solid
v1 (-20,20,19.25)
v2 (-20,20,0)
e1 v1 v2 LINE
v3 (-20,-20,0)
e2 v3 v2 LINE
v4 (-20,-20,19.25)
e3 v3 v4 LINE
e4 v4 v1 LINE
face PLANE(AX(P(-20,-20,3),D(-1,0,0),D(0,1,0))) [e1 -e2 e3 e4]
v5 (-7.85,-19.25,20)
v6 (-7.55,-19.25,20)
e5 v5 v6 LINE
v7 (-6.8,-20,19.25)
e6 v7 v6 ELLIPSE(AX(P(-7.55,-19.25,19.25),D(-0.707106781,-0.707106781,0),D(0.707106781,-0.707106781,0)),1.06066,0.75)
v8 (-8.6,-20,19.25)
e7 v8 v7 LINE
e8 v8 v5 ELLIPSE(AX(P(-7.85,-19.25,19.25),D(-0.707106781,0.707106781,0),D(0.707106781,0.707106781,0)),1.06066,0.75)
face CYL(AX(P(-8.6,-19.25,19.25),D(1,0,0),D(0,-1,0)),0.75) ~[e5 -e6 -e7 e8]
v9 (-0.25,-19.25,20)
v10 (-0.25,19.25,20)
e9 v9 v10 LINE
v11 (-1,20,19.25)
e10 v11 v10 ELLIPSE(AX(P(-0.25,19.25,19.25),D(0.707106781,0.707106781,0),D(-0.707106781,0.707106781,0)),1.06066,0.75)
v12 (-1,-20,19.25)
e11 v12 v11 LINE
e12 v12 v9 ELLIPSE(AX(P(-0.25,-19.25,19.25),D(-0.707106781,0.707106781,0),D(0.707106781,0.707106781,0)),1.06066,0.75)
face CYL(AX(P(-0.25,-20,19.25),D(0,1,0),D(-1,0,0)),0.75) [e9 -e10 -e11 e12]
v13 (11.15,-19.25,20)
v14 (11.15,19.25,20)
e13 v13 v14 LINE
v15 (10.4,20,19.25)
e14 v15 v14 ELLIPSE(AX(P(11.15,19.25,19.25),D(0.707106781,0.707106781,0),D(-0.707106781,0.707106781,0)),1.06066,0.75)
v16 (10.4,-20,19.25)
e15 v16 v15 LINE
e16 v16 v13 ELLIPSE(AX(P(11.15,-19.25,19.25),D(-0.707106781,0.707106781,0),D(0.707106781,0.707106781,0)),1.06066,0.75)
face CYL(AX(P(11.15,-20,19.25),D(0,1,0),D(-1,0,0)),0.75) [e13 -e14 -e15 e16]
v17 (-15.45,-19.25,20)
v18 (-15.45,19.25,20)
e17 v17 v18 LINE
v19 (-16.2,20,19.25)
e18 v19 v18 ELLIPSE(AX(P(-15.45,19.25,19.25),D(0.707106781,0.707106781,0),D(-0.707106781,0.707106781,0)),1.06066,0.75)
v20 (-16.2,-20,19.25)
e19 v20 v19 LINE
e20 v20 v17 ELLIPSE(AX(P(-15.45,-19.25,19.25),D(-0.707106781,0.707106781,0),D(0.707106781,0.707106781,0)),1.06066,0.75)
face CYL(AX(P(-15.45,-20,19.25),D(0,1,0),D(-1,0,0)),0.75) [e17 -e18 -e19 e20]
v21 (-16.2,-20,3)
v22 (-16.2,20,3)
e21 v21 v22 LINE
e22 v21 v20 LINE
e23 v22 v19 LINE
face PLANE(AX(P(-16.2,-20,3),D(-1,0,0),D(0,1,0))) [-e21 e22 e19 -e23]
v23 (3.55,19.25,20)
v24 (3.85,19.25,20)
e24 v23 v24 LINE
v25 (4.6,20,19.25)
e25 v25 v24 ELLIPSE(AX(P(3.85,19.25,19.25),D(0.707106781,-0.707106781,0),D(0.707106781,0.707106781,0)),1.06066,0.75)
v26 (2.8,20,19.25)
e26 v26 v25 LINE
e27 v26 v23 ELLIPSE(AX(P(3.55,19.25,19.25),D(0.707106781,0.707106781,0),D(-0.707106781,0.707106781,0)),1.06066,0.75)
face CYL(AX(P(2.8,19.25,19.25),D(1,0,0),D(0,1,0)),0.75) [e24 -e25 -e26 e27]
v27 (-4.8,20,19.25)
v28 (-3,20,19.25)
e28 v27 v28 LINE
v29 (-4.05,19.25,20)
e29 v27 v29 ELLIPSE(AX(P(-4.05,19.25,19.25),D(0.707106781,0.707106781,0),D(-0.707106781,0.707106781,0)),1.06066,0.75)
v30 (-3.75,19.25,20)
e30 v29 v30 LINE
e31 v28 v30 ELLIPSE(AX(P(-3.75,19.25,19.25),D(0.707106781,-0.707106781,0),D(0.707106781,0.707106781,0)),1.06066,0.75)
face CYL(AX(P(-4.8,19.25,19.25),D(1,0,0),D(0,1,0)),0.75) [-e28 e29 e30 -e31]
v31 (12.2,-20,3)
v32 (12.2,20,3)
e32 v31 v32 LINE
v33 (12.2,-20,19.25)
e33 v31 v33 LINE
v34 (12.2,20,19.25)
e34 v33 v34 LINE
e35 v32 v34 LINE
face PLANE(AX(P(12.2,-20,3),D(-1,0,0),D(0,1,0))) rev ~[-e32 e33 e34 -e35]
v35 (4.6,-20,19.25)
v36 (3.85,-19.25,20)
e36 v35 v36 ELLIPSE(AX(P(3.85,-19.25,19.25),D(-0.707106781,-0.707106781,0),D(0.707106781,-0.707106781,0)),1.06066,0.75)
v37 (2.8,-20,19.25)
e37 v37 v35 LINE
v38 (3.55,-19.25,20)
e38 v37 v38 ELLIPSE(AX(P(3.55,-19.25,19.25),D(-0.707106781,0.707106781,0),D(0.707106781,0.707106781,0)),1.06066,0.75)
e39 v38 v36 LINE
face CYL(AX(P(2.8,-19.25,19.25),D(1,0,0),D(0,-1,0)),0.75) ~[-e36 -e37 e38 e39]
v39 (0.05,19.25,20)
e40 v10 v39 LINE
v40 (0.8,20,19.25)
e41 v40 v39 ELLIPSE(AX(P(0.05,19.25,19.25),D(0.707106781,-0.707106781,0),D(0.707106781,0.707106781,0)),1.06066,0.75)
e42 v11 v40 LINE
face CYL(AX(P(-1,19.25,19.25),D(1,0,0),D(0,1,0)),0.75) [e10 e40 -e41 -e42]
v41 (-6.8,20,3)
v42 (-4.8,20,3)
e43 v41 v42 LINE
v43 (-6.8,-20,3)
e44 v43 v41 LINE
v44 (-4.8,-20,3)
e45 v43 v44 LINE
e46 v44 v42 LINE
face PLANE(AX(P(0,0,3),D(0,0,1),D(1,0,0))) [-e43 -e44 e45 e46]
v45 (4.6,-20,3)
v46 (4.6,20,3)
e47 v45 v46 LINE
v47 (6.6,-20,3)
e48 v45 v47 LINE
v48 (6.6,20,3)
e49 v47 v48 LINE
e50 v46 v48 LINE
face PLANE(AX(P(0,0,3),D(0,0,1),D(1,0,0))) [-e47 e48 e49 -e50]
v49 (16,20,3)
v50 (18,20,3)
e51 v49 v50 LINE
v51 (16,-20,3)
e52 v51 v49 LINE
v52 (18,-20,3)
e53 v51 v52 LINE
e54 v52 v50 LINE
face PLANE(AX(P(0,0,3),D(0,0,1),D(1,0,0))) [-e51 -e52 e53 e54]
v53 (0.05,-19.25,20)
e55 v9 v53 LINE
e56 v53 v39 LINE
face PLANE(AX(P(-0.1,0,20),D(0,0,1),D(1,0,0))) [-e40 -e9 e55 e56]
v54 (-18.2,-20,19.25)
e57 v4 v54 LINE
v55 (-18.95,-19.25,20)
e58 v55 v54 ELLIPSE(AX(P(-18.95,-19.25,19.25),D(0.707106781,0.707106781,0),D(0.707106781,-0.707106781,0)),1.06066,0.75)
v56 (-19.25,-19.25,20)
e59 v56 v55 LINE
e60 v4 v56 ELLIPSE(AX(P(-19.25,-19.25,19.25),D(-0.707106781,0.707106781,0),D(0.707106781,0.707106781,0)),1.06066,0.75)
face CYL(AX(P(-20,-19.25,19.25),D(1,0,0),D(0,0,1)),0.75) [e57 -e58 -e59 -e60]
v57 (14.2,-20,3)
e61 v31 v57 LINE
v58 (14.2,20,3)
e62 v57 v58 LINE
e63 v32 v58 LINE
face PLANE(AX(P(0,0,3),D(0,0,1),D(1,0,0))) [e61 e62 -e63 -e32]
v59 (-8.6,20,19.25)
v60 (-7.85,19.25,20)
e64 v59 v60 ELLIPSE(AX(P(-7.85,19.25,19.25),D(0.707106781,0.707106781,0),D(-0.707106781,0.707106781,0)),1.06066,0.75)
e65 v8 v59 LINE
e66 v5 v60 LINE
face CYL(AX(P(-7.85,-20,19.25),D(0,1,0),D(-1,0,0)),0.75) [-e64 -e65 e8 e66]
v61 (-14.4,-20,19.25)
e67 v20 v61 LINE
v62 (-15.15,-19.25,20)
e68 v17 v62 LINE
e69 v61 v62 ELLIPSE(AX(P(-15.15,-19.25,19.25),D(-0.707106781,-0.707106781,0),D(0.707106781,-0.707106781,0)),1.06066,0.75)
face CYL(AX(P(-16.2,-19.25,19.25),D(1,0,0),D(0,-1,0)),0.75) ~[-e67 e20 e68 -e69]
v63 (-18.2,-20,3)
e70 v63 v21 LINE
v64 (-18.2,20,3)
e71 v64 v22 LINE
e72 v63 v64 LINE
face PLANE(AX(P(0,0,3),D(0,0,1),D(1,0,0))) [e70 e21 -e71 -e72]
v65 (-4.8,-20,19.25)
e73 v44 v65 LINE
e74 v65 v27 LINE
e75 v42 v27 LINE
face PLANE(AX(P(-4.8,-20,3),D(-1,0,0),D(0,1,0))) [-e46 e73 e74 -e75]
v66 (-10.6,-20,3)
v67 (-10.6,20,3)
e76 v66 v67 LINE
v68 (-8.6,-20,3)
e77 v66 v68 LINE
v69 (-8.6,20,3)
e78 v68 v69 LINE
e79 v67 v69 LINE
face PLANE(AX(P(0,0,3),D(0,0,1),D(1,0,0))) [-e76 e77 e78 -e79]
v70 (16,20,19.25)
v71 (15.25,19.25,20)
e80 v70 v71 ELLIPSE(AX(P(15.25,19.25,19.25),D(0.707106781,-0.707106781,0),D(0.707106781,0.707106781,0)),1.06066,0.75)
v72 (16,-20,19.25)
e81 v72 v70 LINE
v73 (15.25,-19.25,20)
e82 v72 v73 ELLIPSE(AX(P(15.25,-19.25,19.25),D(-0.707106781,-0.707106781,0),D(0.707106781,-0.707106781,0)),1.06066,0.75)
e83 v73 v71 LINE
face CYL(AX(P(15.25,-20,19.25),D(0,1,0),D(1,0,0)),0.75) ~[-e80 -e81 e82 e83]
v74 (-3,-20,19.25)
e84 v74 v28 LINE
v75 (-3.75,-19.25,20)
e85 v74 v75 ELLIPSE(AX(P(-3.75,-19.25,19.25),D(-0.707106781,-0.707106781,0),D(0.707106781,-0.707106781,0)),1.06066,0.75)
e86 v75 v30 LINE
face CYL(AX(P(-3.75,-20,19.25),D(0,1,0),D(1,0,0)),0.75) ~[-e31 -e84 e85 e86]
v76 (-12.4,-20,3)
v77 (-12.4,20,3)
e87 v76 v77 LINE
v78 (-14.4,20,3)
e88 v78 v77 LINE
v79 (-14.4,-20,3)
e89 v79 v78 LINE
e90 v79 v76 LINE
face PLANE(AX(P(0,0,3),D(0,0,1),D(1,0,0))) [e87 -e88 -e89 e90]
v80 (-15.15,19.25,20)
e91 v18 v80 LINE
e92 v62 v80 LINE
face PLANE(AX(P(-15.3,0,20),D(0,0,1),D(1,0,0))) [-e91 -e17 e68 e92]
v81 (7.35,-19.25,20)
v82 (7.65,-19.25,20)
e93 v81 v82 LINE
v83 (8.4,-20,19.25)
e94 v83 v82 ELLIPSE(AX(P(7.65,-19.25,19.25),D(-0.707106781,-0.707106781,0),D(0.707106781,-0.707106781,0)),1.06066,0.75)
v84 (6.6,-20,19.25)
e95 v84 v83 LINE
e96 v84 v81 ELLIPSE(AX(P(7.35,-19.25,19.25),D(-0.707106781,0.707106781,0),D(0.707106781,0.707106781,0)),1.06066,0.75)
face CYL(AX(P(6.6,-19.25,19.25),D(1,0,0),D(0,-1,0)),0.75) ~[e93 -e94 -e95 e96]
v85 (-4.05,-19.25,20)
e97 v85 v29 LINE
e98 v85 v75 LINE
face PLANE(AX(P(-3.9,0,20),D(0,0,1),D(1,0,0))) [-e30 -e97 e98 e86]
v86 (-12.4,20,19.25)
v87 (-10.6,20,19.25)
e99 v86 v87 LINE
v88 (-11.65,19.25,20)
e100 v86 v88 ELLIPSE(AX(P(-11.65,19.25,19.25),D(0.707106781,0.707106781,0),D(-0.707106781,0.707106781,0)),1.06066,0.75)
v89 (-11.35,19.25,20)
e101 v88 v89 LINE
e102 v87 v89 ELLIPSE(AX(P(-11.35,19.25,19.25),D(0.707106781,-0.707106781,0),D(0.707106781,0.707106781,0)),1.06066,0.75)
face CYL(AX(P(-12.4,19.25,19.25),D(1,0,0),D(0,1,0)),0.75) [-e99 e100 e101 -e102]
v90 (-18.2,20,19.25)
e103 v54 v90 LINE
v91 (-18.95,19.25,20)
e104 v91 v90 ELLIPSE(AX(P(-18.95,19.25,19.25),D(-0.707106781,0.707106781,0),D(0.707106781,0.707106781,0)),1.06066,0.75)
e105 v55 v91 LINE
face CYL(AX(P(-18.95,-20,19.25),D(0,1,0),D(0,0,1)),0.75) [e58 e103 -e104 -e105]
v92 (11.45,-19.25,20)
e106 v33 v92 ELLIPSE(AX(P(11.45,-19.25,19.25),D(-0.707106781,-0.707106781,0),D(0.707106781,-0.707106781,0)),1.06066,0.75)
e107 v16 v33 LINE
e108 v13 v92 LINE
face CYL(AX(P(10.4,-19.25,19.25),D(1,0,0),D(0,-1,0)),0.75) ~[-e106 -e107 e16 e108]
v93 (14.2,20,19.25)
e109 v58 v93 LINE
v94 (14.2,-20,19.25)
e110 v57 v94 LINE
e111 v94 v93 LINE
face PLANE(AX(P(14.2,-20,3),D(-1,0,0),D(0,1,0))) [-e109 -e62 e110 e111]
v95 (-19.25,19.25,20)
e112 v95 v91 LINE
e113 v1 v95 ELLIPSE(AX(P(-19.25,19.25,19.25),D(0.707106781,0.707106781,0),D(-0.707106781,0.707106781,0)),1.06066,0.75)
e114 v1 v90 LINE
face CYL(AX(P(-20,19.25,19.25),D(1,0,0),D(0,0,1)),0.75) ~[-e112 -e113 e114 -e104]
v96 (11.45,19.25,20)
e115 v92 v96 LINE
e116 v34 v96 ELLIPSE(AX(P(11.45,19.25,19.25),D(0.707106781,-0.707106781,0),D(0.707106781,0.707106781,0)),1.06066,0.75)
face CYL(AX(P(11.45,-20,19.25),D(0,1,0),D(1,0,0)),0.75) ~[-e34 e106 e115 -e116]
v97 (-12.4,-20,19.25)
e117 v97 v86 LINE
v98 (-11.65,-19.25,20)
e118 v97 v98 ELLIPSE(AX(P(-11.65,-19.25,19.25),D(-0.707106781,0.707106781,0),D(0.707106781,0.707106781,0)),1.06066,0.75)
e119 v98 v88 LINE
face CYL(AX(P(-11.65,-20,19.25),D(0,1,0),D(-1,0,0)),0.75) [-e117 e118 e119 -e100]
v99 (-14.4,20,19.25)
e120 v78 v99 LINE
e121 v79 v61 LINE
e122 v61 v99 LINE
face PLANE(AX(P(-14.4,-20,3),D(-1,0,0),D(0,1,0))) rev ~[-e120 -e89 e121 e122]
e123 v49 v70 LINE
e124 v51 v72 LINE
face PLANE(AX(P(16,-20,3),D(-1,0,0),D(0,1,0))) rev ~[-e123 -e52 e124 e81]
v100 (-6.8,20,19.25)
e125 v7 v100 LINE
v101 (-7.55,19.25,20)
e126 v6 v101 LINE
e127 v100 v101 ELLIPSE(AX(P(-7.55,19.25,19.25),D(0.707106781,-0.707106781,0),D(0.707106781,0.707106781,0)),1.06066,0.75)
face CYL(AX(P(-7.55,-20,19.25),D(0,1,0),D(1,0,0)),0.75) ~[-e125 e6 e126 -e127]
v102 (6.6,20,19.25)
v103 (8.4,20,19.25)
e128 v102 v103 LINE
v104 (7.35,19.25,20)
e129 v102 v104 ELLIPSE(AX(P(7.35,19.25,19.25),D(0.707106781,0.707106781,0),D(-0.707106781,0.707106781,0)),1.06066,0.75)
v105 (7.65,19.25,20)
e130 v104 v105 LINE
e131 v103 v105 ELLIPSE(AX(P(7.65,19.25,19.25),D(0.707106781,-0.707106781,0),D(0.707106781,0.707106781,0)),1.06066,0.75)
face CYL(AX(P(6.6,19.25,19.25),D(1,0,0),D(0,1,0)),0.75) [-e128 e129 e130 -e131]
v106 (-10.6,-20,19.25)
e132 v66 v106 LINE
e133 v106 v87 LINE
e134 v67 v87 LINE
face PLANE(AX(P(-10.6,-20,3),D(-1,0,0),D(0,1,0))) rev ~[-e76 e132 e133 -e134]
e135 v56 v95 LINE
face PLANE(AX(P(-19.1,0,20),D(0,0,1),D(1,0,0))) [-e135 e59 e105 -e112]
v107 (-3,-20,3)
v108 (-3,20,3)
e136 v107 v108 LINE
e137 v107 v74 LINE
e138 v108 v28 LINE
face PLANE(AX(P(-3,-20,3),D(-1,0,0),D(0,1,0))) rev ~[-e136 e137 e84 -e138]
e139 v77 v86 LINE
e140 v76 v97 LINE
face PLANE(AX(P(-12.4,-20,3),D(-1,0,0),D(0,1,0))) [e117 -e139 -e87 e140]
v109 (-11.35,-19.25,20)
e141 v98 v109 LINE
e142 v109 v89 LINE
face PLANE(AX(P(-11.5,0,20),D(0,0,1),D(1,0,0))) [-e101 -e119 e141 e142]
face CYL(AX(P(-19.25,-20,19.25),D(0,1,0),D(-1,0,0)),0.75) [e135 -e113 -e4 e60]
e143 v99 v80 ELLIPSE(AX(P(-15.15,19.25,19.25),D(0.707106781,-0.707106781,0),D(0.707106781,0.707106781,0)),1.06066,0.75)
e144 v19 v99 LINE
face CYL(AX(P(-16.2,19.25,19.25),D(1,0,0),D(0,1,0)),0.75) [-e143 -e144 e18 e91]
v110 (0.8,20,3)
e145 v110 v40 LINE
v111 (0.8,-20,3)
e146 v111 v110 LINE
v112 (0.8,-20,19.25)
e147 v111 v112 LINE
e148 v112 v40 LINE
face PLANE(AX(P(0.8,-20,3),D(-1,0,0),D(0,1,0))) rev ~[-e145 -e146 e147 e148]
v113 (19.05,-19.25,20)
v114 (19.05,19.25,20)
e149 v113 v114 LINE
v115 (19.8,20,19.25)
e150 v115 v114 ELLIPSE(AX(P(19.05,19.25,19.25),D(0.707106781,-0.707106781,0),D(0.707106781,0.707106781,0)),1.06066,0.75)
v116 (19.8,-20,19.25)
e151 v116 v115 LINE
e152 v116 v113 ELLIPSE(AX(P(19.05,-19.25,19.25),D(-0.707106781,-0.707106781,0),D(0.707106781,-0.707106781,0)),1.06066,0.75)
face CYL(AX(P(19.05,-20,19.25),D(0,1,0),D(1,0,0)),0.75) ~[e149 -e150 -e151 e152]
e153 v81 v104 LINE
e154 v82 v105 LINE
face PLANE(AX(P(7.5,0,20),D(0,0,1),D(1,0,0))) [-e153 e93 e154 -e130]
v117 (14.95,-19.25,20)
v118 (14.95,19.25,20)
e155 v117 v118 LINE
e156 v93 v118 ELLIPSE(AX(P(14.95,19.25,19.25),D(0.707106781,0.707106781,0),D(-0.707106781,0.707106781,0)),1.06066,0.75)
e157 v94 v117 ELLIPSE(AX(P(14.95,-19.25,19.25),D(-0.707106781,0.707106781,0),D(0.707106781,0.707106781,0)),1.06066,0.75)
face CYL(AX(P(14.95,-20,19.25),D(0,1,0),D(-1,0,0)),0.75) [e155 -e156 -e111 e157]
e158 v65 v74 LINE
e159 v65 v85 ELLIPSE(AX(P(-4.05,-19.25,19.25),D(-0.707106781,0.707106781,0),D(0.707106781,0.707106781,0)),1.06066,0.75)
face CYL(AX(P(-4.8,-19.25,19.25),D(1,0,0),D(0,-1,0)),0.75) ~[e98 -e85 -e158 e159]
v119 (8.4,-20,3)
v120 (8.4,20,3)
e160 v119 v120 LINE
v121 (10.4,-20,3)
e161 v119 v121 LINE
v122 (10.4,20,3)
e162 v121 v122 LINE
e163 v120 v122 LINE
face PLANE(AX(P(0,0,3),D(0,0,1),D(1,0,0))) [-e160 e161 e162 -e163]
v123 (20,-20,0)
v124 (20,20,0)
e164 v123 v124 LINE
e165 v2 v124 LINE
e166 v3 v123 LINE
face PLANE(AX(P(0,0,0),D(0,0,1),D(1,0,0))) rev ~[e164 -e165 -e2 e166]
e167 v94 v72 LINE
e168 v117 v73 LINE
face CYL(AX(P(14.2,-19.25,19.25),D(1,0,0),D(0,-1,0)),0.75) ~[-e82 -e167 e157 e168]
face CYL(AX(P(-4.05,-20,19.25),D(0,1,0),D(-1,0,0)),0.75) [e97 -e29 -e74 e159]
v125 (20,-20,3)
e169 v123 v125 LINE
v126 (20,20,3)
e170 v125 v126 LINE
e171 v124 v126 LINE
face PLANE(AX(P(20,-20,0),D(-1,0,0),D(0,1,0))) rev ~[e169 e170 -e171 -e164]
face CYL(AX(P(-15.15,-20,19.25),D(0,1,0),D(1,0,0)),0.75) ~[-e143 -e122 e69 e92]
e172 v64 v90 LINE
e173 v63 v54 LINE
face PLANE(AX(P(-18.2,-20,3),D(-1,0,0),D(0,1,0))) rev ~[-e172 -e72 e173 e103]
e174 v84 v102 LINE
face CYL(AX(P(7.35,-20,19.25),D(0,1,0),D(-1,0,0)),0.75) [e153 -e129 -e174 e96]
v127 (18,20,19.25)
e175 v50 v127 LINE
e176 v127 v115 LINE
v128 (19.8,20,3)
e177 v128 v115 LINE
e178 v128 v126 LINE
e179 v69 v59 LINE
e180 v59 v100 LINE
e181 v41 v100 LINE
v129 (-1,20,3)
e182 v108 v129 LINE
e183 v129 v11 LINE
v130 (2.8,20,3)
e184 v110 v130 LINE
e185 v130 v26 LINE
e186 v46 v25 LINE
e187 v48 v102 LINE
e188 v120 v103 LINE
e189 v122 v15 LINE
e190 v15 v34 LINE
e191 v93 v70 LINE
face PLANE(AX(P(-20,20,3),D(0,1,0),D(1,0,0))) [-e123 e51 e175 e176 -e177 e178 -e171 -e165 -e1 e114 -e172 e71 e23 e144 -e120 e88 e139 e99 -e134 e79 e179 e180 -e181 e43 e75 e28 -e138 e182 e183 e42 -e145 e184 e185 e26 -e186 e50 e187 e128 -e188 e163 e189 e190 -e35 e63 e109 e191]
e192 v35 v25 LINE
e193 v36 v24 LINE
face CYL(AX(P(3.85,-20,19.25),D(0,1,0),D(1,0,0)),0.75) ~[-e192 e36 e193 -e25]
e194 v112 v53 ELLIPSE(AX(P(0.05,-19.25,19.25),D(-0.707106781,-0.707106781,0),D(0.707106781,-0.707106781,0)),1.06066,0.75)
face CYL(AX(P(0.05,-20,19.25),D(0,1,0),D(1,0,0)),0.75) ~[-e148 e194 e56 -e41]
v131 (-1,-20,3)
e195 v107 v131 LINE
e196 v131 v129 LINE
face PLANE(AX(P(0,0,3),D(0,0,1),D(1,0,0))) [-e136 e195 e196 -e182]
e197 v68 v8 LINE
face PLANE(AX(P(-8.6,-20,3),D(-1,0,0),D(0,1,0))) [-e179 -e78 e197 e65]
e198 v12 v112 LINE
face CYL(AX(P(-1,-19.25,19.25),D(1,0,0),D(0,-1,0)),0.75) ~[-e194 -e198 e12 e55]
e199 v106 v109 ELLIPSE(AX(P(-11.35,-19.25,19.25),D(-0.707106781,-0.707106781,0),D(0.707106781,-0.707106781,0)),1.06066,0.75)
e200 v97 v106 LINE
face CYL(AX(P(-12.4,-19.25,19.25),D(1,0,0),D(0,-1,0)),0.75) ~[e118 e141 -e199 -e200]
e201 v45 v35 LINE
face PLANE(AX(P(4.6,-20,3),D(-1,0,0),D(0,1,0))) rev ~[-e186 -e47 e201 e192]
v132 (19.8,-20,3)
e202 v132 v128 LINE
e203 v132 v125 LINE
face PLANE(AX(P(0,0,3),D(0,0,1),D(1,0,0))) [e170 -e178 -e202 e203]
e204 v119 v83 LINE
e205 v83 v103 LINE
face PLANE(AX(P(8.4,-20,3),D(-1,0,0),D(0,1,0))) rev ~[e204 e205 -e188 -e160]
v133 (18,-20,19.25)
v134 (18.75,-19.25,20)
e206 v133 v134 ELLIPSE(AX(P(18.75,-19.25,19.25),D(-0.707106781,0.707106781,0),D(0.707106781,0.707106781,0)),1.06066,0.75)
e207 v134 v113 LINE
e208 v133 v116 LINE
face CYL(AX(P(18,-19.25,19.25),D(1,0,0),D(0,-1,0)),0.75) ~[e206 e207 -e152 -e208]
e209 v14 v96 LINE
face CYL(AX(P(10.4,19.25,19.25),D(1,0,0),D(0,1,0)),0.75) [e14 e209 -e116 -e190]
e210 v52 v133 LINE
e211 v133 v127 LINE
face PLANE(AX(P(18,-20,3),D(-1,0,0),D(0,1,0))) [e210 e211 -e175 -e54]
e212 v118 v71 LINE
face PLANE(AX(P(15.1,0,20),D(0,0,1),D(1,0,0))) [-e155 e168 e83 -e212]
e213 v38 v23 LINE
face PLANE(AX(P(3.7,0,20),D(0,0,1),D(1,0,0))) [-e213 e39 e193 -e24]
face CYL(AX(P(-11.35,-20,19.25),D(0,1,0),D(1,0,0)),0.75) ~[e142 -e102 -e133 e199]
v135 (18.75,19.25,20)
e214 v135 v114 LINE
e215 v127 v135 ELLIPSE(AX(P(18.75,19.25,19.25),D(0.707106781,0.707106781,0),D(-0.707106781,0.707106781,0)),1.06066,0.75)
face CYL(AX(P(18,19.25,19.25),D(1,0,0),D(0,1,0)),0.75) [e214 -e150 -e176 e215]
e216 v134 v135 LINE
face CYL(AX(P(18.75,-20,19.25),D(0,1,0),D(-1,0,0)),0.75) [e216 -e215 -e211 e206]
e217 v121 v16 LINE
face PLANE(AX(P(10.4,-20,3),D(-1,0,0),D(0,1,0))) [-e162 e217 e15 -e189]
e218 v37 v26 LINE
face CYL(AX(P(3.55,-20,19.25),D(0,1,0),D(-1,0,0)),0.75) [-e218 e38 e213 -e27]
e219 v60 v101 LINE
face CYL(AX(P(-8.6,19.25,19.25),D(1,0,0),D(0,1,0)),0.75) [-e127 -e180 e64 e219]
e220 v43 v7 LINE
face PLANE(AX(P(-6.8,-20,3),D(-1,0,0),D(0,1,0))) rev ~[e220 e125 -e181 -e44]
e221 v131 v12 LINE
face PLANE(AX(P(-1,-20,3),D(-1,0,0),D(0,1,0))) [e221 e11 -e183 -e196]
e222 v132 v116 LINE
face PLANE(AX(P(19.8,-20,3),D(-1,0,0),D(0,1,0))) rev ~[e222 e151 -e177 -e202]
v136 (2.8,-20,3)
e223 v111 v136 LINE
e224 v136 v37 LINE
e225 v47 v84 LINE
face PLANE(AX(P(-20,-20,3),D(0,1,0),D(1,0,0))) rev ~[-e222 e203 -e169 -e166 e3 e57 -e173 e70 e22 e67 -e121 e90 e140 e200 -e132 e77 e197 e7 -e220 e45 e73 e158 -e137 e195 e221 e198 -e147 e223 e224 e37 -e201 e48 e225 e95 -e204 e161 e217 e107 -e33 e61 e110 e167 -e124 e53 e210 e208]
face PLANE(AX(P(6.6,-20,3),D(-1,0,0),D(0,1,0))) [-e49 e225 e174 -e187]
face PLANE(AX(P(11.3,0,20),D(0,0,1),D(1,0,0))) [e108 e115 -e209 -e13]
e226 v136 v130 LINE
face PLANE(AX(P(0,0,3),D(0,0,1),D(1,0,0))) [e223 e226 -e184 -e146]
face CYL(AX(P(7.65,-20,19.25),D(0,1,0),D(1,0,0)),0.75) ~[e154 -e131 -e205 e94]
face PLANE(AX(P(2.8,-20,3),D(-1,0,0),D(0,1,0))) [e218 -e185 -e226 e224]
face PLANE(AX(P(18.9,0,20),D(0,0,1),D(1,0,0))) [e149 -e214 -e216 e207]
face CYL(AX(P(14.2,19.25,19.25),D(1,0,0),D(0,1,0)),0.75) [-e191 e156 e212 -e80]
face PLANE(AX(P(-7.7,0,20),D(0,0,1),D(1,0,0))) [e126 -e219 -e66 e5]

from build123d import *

# Parameters (mm, degrees)
SKETCH1_W           = 40
SKETCH1_H           = 40
BOSS_EXTRUDE1_DEPTH = 3
SKETCH2_W           = 1.8
SKETCH2_H           = 40
BOSS_EXTRUDE2_DEPTH = 17
LPATTERN1_COUNT     = 11
LPATTERN1_PITCH     = 3.8
FILLET1_R           = 0.75


with BuildPart() as part:
    # Sketch1 → Boss-Extrude1 (new body)
    with BuildSketch(Plane.XY):
        Rectangle(SKETCH1_W, SKETCH1_H)
    extrude(amount=BOSS_EXTRUDE1_DEPTH)

    # Sketch2 → Boss-Extrude2 (add)
    with BuildSketch(Plane.XY.offset(3)):
        with Locations((-19.1, 0)):
            Rectangle(SKETCH2_W, SKETCH2_H)
    boss_extrude2 = extrude(amount=BOSS_EXTRUDE2_DEPTH)

    # LPattern1: Boss-Extrude2 ×11
    with Locations(*[(i * LPATTERN1_PITCH, 0, 0) for i in range(1, LPATTERN1_COUNT)]):
        add(boss_extrude2)

    # Fillet1
    fillet1_edges = [part.edges().sort_by_distance(p)[0] for p in [
        (10.4, 0, 20),
        (11.3, -20, 20),
        (12.2, 0, 20),
        (11.3, 20, 20),
        (14.2, 0, 20),
        (15.1, -20, 20),
        (16, 0, 20),
        (15.1, 20, 20),
        (18, 0, 20),
        (18.9, -20, 20),
        (19.8, 0, 20),
        (18.9, 20, 20),
        (-20, 0, 20),
        (-19.1, -20, 20),
        (-18.2, 0, 20),
        (-19.1, 20, 20),
        (-16.2, 0, 20),
        (-15.3, -20, 20),
        (-14.4, 0, 20),
        (-15.3, 20, 20),
        (-12.4, 0, 20),
        (-11.5, -20, 20),
        (-10.6, 0, 20),
        (-11.5, 20, 20),
        (-8.6, 0, 20),
        (-7.7, -20, 20),
        (-6.8, 0, 20),
        (-7.7, 20, 20),
        (-4.8, 0, 20),
        (-3.9, -20, 20),
        (-3, 0, 20),
        (-3.9, 20, 20),
        (-1, 0, 20),
        (-0.1, -20, 20),
        (0.8, 0, 20),
        (-0.1, 20, 20),
        (2.8, 0, 20),
        (3.7, -20, 20),
        (4.6, 0, 20),
        (3.7, 20, 20),
        (6.6, 0, 20),
        (7.5, -20, 20),
        (8.4, 0, 20),
        (7.5, 20, 20),
    ]]
    fillet(fillet1_edges, radius=FILLET1_R)


solid = part.part
